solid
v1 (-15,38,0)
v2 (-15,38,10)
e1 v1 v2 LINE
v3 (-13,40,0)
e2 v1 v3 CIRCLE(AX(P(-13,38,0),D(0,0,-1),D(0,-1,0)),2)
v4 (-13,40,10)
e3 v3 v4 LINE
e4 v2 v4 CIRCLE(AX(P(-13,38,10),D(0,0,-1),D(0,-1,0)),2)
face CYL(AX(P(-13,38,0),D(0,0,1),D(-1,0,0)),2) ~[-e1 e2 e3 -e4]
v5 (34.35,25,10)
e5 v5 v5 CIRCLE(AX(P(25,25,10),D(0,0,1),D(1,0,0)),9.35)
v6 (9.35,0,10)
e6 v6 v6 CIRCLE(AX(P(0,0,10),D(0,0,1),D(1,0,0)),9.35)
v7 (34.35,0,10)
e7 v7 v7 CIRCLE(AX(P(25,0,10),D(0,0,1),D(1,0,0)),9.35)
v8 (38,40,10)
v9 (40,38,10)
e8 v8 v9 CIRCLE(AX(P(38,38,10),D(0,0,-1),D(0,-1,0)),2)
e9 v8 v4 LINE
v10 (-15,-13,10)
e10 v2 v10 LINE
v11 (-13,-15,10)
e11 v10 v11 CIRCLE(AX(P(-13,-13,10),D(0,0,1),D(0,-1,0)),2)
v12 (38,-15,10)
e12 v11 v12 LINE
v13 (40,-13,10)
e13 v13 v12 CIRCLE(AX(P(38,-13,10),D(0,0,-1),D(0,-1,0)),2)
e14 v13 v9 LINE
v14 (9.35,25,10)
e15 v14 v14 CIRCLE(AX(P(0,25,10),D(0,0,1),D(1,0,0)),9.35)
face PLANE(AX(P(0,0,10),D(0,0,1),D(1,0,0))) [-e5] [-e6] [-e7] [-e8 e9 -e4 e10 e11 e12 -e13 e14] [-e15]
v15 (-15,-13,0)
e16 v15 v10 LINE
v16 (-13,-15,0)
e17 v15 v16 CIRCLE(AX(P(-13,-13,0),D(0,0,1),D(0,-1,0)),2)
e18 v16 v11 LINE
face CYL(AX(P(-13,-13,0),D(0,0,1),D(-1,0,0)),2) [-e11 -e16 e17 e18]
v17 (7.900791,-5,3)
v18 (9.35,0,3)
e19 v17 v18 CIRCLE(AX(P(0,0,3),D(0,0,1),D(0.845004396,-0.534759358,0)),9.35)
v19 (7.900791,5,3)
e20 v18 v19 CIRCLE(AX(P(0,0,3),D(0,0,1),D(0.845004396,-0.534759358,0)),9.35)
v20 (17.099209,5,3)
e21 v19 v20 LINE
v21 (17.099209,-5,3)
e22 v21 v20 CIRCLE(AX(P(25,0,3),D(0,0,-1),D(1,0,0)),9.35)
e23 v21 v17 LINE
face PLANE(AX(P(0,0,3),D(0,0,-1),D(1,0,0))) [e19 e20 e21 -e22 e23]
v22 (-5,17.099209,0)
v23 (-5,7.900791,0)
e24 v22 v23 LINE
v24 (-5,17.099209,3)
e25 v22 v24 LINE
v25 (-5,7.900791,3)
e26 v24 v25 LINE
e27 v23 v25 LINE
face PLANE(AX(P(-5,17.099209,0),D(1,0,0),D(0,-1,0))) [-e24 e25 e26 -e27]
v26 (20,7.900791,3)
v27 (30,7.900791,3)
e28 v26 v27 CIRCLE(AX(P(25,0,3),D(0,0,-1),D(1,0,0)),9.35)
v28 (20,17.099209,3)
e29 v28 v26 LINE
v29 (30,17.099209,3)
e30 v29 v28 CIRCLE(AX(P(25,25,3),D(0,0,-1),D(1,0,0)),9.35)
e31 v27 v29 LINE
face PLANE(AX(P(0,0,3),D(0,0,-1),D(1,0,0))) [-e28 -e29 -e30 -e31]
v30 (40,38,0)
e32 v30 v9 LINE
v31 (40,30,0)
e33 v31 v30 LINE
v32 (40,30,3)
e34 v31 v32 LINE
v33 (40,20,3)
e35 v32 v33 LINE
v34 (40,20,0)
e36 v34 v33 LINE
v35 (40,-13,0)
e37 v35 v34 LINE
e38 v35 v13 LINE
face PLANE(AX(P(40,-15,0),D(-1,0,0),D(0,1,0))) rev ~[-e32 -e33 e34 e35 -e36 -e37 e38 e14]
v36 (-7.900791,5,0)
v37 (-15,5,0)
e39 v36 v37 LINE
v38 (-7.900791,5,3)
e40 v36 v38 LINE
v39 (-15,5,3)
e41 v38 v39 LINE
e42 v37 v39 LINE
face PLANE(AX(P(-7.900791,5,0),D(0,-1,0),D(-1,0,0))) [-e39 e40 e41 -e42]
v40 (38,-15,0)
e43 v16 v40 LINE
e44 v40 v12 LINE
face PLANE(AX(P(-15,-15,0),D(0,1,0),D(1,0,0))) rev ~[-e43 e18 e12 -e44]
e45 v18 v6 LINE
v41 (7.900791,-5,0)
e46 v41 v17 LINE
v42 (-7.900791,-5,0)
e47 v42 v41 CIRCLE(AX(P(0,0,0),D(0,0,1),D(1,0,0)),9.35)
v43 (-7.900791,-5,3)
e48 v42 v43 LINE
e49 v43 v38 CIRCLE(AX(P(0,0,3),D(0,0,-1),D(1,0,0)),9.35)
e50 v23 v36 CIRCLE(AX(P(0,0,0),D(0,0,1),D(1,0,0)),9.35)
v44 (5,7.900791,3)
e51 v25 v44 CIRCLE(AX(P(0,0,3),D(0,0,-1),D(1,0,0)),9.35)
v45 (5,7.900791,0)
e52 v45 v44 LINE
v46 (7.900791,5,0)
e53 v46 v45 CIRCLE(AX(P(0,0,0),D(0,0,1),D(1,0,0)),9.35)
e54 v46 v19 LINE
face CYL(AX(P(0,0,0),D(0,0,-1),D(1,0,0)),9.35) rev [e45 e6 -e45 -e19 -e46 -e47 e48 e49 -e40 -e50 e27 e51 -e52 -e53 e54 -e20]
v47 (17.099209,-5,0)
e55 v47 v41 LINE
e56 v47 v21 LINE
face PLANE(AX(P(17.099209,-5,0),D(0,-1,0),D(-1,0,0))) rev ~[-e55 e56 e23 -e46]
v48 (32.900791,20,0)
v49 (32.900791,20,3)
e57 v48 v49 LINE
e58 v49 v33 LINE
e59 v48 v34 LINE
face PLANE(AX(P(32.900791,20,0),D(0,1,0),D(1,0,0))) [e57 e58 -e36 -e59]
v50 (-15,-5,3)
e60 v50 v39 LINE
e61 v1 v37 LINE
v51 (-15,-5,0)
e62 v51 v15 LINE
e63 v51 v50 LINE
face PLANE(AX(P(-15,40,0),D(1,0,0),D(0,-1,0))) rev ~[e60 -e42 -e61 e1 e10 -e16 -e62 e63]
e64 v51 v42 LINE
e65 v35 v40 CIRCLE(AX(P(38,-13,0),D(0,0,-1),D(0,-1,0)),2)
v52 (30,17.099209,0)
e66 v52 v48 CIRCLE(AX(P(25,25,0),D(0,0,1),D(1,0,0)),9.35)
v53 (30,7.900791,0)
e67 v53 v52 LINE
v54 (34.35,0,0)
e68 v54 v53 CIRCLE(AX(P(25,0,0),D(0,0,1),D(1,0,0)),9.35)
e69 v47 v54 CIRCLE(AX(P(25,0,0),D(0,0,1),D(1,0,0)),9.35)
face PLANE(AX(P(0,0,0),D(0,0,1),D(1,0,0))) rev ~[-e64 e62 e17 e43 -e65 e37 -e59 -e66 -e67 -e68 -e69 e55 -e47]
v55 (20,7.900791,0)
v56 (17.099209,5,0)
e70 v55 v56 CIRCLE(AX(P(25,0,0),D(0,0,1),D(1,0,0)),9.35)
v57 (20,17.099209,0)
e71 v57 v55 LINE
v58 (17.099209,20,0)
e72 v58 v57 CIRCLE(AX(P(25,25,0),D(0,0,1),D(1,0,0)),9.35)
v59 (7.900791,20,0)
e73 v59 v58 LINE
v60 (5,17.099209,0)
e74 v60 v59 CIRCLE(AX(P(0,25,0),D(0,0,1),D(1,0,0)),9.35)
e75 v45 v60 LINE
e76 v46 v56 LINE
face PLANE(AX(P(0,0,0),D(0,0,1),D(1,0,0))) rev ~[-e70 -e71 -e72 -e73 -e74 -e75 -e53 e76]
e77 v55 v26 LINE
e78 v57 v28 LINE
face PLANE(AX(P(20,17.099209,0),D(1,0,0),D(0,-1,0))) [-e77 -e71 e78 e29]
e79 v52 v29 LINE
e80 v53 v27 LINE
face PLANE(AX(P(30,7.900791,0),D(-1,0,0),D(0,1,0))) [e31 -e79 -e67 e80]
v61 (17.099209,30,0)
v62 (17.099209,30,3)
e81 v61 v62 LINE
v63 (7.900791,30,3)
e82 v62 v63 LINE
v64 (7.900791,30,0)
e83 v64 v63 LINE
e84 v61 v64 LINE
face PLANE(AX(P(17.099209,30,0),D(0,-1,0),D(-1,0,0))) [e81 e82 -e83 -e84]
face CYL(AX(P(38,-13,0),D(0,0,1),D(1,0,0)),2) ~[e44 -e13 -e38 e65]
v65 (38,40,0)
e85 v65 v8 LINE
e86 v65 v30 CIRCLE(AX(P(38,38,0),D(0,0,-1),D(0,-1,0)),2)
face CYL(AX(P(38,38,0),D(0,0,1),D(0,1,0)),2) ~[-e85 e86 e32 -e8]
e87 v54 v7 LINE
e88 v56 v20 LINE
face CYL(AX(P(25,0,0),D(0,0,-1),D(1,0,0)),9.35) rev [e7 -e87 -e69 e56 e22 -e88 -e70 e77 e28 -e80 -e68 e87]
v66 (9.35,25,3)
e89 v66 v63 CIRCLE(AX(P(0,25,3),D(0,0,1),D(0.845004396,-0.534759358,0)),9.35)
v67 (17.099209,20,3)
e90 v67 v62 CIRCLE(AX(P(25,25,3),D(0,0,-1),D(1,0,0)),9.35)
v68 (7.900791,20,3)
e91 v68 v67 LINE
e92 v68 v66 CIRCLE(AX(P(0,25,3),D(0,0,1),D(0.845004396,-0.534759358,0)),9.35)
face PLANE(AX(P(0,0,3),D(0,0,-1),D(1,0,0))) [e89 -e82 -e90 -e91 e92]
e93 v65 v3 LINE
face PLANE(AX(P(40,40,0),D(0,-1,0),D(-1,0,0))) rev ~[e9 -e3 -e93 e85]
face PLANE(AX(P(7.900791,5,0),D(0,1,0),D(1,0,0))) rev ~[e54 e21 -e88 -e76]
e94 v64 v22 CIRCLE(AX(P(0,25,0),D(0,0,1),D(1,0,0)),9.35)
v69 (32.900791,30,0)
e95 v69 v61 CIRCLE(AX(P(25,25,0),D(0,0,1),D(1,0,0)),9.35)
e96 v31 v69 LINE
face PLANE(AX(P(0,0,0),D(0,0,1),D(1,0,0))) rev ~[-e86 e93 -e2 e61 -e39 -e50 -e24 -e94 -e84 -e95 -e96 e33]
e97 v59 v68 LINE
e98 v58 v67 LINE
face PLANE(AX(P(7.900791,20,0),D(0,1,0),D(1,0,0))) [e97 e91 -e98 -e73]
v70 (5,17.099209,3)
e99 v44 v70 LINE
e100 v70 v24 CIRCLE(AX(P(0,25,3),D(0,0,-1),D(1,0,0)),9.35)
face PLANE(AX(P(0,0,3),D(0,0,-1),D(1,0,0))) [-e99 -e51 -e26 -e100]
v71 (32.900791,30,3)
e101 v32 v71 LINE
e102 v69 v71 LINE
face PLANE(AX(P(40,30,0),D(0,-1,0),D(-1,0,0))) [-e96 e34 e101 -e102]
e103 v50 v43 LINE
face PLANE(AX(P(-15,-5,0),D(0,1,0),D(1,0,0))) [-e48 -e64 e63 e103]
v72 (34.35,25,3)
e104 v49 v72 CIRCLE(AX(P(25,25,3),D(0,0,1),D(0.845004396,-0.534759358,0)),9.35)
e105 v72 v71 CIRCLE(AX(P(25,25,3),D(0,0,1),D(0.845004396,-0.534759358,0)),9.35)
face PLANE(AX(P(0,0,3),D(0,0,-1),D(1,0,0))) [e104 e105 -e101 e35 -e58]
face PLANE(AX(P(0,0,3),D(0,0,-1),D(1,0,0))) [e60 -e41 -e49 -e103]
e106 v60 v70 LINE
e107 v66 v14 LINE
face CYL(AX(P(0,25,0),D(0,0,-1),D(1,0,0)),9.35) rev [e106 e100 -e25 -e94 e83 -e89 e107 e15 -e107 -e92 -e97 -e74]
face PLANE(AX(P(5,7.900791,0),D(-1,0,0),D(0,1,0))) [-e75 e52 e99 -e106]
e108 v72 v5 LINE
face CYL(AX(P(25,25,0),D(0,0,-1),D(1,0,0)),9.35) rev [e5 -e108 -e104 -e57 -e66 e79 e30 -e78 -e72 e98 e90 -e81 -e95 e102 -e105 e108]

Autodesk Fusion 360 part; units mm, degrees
sketch "Sketch1" plane through (0, 0, 0) normal (0, 0, 1) x (1, 0, 0)
  circle A0 centre (0, 0) radius 9.35
  circle A1 centre (25, 0) radius 9.35
  circle A2 centre (0, 25) radius 9.35
  circle A3 centre (25, 25) radius 9.35
  line L0 (-15, -15) -> (40, -15)
  line L1 (40, -15) -> (40, 40)
  line L2 (40, 40) -> (-15, 40)
  line L3 (-15, 40) -> (-15, -15)
  dimension "d1" = 18.7
  dimension "d4" = 25
  dimension "d5" = 25
extrude "Extrude1" add sketch "Sketch1" along normal blind 10
fillet "Fillet1" radius 2 4 edges at (-15, -15, 5) (-15, 40, 5) (40, -15, 5) (40, 40, 5)
sketch "Sketch2" plane through (0, 0, 0) normal (0, 0, -1) x (1, 0, 0)
  circle A0 centre (25, 0) radius 9.35
  circle A1 centre (0, 0) radius 9.35
  circle A2 centre (25, -25) radius 9.35
  circle A3 centre (0, -25) radius 9.35
  arc A4 (38, -40) -> (40, -38) centre (38, -38) ccw
  line L0 (40, -38) -> (40, 13)
  arc A5 (40, 13) -> (38, 15) centre (38, 13) ccw
  line L1 (38, 15) -> (-13, 15)
  arc A6 (-13, 15) -> (-15, 13) centre (-13, 13) ccw
  line L2 (-15, 13) -> (-15, -38)
  arc A7 (-15, -38) -> (-13, -40) centre (-13, -38) ccw
  line L3 (-13, -40) -> (38, -40)
  line L4 (-5, -5) -> (5, -5)
  line L5 (5, -5) -> (5, -20)
  line L6 (5, -20) -> (-5, -20)
  line L7 (-5, -20) -> (-5, -5)
  line L8 (5, -5) -> (20, -5)
  line L9 (20, -5) -> (20, 5)
  line L10 (20, 5) -> (5, 5)
  line L11 (5, 5) -> (5, -5)
  line L12 (20, -5) -> (30, -5)
  line L13 (30, -5) -> (30, -20)
  line L14 (30, -20) -> (20, -20)
  line L15 (20, -20) -> (20, -5)
  line L16 (5, -20) -> (20, -20)
  line L17 (20, -20) -> (20, -30)
  line L18 (20, -30) -> (5, -30)
  line L19 (5, -30) -> (5, -20)
  line L20 (-20, 5) -> (-5, 5)
  line L21 (-5, 5) -> (-5, -5)
  line L22 (-5, -5) -> (-20, -5)
  line L23 (-20, -5) -> (-20, 5)
  line L24 (30, -20) -> (45, -20)
  line L25 (45, -20) -> (45, -30)
  line L26 (45, -30) -> (30, -30)
  line L27 (30, -30) -> (30, -20)
extrude "Extrude2" cut sketch "Sketch2" against normal blind 3 contours A0 A1 L8 L10 | A0 A2 L13 L15 | A1 L2 L20 L22 | A2 L0 L24 L26 | A1 A3 L5 L7 | A2 A3 L16 L18
